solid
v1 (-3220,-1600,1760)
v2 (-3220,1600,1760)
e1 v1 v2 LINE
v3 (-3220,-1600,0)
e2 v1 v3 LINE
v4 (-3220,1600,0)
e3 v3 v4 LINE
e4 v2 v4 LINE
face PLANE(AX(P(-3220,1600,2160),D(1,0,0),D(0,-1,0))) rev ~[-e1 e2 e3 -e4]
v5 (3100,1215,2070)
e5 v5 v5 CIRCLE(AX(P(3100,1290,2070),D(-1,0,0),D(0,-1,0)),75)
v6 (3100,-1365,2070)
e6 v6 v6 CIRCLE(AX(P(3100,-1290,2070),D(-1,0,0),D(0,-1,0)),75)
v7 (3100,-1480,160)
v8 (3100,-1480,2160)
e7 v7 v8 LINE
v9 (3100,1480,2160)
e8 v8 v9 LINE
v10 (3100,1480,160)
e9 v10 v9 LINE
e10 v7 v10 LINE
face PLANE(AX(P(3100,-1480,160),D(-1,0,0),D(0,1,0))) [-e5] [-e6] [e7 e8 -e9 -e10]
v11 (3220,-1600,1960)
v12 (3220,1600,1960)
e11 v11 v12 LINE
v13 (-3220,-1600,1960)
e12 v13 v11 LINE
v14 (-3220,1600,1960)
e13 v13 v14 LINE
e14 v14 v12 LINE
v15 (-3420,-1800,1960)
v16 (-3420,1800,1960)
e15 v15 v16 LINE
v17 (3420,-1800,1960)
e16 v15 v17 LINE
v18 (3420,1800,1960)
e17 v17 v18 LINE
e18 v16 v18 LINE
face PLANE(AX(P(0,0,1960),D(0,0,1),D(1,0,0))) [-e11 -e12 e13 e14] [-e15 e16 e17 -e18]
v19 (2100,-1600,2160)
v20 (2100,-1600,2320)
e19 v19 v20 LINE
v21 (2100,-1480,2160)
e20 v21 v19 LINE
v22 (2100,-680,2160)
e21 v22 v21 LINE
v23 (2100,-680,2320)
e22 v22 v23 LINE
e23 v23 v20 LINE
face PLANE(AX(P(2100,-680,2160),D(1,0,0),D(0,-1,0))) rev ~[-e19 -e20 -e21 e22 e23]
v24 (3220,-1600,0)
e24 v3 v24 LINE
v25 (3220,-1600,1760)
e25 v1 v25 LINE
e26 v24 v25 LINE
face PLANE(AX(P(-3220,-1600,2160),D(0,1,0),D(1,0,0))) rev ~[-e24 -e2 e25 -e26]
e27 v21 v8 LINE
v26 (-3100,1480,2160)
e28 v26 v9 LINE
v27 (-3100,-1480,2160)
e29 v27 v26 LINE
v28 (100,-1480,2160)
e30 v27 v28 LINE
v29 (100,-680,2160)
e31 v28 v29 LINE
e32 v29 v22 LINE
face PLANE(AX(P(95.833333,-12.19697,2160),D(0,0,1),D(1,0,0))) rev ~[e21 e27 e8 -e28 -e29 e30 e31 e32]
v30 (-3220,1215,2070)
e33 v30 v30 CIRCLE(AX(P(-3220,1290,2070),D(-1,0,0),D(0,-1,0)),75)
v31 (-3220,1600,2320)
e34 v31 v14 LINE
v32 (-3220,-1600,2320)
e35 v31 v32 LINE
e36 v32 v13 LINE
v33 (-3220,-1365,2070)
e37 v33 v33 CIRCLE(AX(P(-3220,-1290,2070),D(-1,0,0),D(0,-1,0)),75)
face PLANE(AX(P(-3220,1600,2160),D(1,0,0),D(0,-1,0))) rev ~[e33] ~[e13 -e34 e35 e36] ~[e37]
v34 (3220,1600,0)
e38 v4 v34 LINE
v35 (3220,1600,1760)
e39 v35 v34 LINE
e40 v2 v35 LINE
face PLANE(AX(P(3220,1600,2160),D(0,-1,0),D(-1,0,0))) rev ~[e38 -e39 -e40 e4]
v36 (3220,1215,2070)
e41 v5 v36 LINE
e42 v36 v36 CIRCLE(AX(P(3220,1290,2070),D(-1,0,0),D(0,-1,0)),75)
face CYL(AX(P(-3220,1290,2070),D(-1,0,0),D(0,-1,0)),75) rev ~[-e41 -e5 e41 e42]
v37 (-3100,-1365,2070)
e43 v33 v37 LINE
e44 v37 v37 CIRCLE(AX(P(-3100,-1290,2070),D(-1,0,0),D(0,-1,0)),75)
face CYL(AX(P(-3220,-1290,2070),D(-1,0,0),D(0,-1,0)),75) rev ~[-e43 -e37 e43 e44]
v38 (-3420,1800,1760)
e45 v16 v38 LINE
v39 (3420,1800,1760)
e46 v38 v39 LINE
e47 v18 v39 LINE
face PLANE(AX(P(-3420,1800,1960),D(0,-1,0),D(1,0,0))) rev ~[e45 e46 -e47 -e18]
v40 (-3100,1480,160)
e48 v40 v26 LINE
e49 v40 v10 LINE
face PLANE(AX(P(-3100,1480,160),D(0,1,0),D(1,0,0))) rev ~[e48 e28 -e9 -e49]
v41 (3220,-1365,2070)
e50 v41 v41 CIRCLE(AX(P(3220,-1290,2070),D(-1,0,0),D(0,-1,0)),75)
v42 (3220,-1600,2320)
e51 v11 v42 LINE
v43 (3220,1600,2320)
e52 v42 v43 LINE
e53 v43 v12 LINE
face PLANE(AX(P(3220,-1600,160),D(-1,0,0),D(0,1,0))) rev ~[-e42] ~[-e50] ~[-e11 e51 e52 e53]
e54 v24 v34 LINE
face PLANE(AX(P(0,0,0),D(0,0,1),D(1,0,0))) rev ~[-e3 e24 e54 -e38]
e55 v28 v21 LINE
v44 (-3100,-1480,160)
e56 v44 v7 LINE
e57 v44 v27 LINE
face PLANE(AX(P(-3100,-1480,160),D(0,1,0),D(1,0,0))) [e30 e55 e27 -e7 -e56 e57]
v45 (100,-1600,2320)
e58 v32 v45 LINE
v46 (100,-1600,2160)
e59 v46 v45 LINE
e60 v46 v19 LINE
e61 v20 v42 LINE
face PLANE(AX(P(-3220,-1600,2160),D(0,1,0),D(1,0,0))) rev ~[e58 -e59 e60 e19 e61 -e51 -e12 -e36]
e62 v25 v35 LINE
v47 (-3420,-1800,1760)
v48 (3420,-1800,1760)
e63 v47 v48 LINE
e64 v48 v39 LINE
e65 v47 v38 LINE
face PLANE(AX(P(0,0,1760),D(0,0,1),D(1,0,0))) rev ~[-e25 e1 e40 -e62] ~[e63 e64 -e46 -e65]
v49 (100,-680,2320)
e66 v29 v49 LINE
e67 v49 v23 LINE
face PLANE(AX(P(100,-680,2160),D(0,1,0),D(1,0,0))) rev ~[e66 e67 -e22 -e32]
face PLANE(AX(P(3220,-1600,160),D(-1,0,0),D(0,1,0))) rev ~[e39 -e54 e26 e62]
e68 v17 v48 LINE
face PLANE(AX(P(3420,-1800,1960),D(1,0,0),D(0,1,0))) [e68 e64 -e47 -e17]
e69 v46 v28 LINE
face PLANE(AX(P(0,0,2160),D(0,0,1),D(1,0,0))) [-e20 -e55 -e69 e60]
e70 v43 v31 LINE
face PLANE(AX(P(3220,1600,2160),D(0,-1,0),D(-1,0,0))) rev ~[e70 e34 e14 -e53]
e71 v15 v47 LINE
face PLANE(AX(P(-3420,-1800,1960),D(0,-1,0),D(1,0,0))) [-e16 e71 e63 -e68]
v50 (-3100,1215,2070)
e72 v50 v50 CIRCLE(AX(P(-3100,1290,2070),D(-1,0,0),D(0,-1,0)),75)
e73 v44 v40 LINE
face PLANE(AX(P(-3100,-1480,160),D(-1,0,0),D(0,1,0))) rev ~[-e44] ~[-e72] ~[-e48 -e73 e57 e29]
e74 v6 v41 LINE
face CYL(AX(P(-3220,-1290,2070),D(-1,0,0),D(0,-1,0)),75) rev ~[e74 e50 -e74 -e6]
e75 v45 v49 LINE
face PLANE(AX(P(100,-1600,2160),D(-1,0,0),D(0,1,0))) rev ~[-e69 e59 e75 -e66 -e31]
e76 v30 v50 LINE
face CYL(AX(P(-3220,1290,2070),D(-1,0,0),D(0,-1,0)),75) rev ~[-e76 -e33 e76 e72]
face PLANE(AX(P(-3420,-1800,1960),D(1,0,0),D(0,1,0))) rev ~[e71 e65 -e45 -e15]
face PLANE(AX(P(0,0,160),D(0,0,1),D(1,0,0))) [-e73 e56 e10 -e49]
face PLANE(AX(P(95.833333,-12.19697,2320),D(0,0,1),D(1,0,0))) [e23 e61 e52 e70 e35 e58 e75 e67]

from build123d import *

# Parameters (mm, degrees)
F0_W      = 6440
F0_H      = 3200
F1_DEPTH  = 160
F2_W      = 6440
F2_H      = 3200
F2_W_2    = 6200
F2_H_2    = 2960
F3_DEPTH  = 2000
F5_DEPTH  = 160
F6_R      = 75
F7_DEPTH  = 6440.001
F9_W      = 6840
F9_H      = 3600
F9_W_2    = 6440
F9_H_2    = 3200
F10_DEPTH = 200


with BuildPart() as f1:
    # F0 (on Top) → F1 (new body)
    with BuildSketch(Plane.XY):
        Rectangle(F0_W, F0_H)
    extrude(amount=F1_DEPTH)

    # F2 (on face) → F3 (join)
    with BuildSketch(Plane.XY.offset(160)):
        Rectangle(F2_W, F2_H)
        Rectangle(F2_W_2, F2_H_2, mode=Mode.SUBTRACT)
    extrude(amount=F3_DEPTH)

    # F4 (on face) → F5 (join)
    with BuildSketch(Plane.XY.offset(2160)):
        Polygon((-3220, -1600), (100, -1600), (100, -680), (2100, -680), (2100, -1600), (3220, -1600), (3220, 1600), (-3220, 1600), align=None)
    extrude(amount=F5_DEPTH)

    # F6 (on face) → F7 (cut, through all)
    with BuildSketch(Plane(origin=(-3220, 0, 0), x_dir=(0, -1, 0), z_dir=(-1, 0, 0))):
        with Locations((-1290, 2070)):
            Circle(F6_R)
        with Locations((1290, 2070)):
            Circle(F6_R)
    extrude(amount=-F7_DEPTH, mode=Mode.SUBTRACT)

    # F9 (on offset) → F10 (join)
    with BuildSketch(Plane.XY.offset(1960)):
        Rectangle(F9_W, F9_H)
        Rectangle(F9_W_2, F9_H_2, mode=Mode.SUBTRACT)
    extrude(amount=-F10_DEPTH)


solid = f1.part
